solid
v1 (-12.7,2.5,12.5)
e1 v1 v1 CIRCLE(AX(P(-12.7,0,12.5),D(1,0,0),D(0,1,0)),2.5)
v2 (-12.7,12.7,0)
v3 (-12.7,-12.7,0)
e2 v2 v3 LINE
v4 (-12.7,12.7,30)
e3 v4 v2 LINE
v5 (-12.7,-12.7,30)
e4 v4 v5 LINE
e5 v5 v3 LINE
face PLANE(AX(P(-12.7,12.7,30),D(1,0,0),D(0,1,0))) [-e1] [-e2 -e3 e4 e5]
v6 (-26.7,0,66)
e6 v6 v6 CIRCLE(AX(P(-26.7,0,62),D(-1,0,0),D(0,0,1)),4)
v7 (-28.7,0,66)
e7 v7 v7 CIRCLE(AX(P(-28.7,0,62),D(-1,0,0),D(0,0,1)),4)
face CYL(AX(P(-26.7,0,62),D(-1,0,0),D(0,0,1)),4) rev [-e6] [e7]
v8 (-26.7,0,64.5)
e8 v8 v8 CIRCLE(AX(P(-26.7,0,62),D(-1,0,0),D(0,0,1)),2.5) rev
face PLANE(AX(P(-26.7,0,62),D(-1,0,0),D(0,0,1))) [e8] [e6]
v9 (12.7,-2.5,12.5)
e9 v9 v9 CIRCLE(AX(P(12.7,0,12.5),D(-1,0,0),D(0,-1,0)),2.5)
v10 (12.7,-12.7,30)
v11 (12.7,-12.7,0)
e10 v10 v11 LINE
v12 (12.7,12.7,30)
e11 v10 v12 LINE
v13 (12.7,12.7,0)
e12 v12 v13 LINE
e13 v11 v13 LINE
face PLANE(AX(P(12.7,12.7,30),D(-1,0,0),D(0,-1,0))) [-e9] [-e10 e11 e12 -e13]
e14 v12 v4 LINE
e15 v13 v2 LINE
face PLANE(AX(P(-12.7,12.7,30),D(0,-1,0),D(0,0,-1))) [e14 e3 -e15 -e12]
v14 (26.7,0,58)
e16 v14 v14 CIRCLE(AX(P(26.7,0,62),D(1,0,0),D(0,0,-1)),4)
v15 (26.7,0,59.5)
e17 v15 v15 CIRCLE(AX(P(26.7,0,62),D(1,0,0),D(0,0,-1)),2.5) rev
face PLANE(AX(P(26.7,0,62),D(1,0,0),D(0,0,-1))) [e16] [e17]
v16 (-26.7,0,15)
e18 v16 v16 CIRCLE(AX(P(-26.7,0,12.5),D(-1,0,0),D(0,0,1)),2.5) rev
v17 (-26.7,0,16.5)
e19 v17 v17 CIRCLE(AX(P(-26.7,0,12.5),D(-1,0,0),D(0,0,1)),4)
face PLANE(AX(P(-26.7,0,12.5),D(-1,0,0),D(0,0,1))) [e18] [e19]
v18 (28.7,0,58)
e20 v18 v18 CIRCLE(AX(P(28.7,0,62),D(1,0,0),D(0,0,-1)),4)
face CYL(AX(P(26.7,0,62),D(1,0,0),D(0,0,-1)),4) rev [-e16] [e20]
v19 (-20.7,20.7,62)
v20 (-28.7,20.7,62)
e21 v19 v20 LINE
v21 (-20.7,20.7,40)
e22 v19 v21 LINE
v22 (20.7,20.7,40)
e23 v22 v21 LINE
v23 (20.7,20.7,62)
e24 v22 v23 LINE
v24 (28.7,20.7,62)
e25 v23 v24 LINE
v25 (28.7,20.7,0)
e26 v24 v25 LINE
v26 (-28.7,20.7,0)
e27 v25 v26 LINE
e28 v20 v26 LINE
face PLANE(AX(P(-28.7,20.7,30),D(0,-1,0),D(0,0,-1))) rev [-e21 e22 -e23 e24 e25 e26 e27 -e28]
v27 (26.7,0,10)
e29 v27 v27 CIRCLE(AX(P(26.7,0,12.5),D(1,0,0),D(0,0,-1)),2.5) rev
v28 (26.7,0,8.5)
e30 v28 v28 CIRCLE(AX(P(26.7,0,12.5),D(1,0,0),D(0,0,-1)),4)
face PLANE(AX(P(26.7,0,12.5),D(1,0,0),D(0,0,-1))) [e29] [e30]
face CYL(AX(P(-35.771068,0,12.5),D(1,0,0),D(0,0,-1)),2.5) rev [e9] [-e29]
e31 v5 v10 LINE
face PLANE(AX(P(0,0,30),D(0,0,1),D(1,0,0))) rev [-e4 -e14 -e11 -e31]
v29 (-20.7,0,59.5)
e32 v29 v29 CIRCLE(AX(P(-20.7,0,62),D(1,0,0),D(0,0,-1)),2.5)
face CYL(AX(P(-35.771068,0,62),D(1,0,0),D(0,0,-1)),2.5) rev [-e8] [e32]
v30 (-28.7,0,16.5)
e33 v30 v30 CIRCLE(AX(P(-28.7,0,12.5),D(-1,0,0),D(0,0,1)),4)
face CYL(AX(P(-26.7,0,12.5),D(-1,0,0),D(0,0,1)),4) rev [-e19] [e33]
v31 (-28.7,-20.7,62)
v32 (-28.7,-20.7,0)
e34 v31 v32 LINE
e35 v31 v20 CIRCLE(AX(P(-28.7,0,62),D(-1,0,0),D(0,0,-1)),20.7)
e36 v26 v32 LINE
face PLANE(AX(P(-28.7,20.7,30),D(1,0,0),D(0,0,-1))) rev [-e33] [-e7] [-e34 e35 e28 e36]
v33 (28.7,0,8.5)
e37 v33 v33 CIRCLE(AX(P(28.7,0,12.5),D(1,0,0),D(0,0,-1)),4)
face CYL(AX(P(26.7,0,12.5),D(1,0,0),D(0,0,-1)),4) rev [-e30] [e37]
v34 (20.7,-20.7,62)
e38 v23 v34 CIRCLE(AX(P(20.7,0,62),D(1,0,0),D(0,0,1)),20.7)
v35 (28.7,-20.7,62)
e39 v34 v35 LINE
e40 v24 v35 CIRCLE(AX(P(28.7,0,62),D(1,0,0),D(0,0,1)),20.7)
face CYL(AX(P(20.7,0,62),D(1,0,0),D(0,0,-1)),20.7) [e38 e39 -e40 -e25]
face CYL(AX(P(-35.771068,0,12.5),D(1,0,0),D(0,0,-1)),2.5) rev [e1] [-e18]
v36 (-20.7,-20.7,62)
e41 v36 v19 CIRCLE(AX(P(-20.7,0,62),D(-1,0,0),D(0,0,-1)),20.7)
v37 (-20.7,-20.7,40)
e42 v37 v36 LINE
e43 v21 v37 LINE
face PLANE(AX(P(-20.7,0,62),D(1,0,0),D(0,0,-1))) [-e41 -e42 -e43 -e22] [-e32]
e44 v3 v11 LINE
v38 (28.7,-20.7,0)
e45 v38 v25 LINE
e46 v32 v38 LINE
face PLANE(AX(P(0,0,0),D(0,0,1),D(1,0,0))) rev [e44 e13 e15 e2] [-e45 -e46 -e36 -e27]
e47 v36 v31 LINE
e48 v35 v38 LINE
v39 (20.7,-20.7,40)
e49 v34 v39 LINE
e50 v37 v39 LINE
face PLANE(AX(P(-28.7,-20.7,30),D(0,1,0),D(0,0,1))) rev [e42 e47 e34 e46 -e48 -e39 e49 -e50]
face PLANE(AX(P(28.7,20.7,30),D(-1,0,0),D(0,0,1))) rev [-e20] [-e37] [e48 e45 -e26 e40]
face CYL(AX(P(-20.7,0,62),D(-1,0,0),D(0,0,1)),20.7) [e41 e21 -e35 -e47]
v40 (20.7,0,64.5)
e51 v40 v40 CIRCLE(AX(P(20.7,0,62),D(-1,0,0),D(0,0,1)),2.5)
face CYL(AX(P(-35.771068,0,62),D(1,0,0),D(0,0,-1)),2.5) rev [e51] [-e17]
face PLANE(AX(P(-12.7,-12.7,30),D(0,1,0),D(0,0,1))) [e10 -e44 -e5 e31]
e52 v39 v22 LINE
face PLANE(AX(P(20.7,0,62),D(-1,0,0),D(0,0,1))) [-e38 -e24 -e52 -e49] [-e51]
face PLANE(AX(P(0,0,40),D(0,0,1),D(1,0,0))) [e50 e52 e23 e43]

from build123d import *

# Parameters (mm, degrees)
SKETCH1_W           = 57.4
SKETCH1_H           = 41.4
SKETCH1_W_2         = 25.4
SKETCH1_H_2         = 25.4
BOSS_EXTRUDE1_DEPTH = 30
SKETCH2_W           = 57.4
SKETCH2_H           = 41.4
BOSS_EXTRUDE2_DEPTH = 10
BOSS_EXTRUDE3_DEPTH = 8
BOSS_EXTRUDE4_START = -8
BOSS_EXTRUDE4_DEPTH = 8
CUT_EXTRUDE1_REACH  = 104.774
SKETCH6_R           = 2.5
CUT_EXTRUDE4_REACH  = 104.774
SKETCH9_R           = 2.5
SKETCH7_R           = 4
CUT_EXTRUDE2_DEPTH  = 2
CUT_EXTRUDE3_START  = -2
SKETCH8_R           = 4
CUT_EXTRUDE3_DEPTH  = 2


with BuildPart() as part:
    # Sketch1 → Boss-Extrude1 (new body)
    with BuildSketch(Plane.XY):
        Rectangle(SKETCH1_W, SKETCH1_H)
        Rectangle(SKETCH1_W_2, SKETCH1_H_2, mode=Mode.SUBTRACT)
    extrude(amount=BOSS_EXTRUDE1_DEPTH)

    # Sketch2 → Boss-Extrude2 (add)
    with BuildSketch(Plane.XY.offset(30)):
        Rectangle(SKETCH2_W, SKETCH2_H)
    extrude(amount=BOSS_EXTRUDE2_DEPTH)

    # Sketch4 → Boss-Extrude3 (add)
    with BuildSketch(Plane(origin=(28.7, 0, 0), x_dir=(0, 0, -1), z_dir=(1, 0, 0))):
        with BuildLine():
            Line((-40, -20.7), (-40, 20.7))
            Line((-40, 20.7), (-62, 20.7))
            ThreePointArc((-62, 20.7), (-82.7, 0), (-62, -20.7))
            Line((-62, -20.7), (-40, -20.7))
        make_face()
    extrude(amount=-BOSS_EXTRUDE3_DEPTH)

    # Sketch5 → Boss-Extrude4 (add)
    with BuildSketch(Plane.ZY.offset(28.7).offset(BOSS_EXTRUDE4_START)):
        with BuildLine():
            Line((40, 20.7), (40, -20.7))
            Line((40, -20.7), (62, -20.7))
            ThreePointArc((62, -20.7), (82.7, 0), (62, 20.7))
            Line((62, 20.7), (40, 20.7))
        make_face()
    extrude(amount=BOSS_EXTRUDE4_DEPTH)

    # Cut-Extrude1: up to this face of the body (flat: up to its plane)
    cut_extrude1_end = Plane(part.part.faces().sort_by_distance((-28.7, 0, 39.26525255))[0])
    # Sketch6 → Cut-Extrude1 (cut, up to the picked face)
    with BuildSketch(Plane(origin=(28.7, 0, 0), x_dir=(0, 0, -1), z_dir=(1, 0, 0)), mode=Mode.PRIVATE) as cut_extrude1_sk1:
        with Locations((-62, 0)):
            Circle(SKETCH6_R)
    cut_extrude1_tool1 = split(extrude(cut_extrude1_sk1.sketch, amount=-CUT_EXTRUDE1_REACH, mode=Mode.PRIVATE), bisect_by=cut_extrude1_end, keep=Keep.BOTH, mode=Mode.PRIVATE)
    add(cut_extrude1_tool1.solids().sort_by(Axis((28.7, 0, 62), (-1, 0, 0)))[0], mode=Mode.SUBTRACT)

    # Cut-Extrude4: up to this face of the body (flat: up to its plane)
    cut_extrude4_end = Plane(part.part.faces().sort_by_distance((-28.7, 0, 39.126630479))[0])
    # Sketch9 → Cut-Extrude4 (cut, up to the picked face)
    with BuildSketch(Plane(origin=(28.7, 0, 0), x_dir=(0, 0, -1), z_dir=(1, 0, 0)), mode=Mode.PRIVATE) as cut_extrude4_sk1:
        with Locations((-12.5, 0)):
            Circle(SKETCH9_R)
    cut_extrude4_tool1 = split(extrude(cut_extrude4_sk1.sketch, amount=-CUT_EXTRUDE4_REACH, mode=Mode.PRIVATE), bisect_by=cut_extrude4_end, keep=Keep.BOTH, mode=Mode.PRIVATE)
    add(cut_extrude4_tool1.solids().sort_by(Axis((28.7, 0, 12.5), (-1, 0, 0)))[0], mode=Mode.SUBTRACT)

    # Sketch7 → Cut-Extrude2 (cut)
    with BuildSketch(Plane.ZY.offset(28.7)):
        with Locations((62, 0)):
            Circle(SKETCH7_R)
        with Locations((12.5, 0)):
            Circle(SKETCH7_R)
    extrude(amount=-CUT_EXTRUDE2_DEPTH, mode=Mode.SUBTRACT)

    # Sketch8 → Cut-Extrude3 (cut)
    with BuildSketch(Plane(origin=(28.7, 0, 0), x_dir=(0, 0, -1), z_dir=(1, 0, 0)).offset(CUT_EXTRUDE3_START)):
        with Locations(Location((-62, 0, 0), (0, 0, 180))):
            Circle(SKETCH8_R)
        with Locations(Location((-12.5, 0, 0), (0, 0, 180))):
            Circle(SKETCH8_R)
    extrude(amount=CUT_EXTRUDE3_DEPTH, mode=Mode.SUBTRACT)


solid = part.part
